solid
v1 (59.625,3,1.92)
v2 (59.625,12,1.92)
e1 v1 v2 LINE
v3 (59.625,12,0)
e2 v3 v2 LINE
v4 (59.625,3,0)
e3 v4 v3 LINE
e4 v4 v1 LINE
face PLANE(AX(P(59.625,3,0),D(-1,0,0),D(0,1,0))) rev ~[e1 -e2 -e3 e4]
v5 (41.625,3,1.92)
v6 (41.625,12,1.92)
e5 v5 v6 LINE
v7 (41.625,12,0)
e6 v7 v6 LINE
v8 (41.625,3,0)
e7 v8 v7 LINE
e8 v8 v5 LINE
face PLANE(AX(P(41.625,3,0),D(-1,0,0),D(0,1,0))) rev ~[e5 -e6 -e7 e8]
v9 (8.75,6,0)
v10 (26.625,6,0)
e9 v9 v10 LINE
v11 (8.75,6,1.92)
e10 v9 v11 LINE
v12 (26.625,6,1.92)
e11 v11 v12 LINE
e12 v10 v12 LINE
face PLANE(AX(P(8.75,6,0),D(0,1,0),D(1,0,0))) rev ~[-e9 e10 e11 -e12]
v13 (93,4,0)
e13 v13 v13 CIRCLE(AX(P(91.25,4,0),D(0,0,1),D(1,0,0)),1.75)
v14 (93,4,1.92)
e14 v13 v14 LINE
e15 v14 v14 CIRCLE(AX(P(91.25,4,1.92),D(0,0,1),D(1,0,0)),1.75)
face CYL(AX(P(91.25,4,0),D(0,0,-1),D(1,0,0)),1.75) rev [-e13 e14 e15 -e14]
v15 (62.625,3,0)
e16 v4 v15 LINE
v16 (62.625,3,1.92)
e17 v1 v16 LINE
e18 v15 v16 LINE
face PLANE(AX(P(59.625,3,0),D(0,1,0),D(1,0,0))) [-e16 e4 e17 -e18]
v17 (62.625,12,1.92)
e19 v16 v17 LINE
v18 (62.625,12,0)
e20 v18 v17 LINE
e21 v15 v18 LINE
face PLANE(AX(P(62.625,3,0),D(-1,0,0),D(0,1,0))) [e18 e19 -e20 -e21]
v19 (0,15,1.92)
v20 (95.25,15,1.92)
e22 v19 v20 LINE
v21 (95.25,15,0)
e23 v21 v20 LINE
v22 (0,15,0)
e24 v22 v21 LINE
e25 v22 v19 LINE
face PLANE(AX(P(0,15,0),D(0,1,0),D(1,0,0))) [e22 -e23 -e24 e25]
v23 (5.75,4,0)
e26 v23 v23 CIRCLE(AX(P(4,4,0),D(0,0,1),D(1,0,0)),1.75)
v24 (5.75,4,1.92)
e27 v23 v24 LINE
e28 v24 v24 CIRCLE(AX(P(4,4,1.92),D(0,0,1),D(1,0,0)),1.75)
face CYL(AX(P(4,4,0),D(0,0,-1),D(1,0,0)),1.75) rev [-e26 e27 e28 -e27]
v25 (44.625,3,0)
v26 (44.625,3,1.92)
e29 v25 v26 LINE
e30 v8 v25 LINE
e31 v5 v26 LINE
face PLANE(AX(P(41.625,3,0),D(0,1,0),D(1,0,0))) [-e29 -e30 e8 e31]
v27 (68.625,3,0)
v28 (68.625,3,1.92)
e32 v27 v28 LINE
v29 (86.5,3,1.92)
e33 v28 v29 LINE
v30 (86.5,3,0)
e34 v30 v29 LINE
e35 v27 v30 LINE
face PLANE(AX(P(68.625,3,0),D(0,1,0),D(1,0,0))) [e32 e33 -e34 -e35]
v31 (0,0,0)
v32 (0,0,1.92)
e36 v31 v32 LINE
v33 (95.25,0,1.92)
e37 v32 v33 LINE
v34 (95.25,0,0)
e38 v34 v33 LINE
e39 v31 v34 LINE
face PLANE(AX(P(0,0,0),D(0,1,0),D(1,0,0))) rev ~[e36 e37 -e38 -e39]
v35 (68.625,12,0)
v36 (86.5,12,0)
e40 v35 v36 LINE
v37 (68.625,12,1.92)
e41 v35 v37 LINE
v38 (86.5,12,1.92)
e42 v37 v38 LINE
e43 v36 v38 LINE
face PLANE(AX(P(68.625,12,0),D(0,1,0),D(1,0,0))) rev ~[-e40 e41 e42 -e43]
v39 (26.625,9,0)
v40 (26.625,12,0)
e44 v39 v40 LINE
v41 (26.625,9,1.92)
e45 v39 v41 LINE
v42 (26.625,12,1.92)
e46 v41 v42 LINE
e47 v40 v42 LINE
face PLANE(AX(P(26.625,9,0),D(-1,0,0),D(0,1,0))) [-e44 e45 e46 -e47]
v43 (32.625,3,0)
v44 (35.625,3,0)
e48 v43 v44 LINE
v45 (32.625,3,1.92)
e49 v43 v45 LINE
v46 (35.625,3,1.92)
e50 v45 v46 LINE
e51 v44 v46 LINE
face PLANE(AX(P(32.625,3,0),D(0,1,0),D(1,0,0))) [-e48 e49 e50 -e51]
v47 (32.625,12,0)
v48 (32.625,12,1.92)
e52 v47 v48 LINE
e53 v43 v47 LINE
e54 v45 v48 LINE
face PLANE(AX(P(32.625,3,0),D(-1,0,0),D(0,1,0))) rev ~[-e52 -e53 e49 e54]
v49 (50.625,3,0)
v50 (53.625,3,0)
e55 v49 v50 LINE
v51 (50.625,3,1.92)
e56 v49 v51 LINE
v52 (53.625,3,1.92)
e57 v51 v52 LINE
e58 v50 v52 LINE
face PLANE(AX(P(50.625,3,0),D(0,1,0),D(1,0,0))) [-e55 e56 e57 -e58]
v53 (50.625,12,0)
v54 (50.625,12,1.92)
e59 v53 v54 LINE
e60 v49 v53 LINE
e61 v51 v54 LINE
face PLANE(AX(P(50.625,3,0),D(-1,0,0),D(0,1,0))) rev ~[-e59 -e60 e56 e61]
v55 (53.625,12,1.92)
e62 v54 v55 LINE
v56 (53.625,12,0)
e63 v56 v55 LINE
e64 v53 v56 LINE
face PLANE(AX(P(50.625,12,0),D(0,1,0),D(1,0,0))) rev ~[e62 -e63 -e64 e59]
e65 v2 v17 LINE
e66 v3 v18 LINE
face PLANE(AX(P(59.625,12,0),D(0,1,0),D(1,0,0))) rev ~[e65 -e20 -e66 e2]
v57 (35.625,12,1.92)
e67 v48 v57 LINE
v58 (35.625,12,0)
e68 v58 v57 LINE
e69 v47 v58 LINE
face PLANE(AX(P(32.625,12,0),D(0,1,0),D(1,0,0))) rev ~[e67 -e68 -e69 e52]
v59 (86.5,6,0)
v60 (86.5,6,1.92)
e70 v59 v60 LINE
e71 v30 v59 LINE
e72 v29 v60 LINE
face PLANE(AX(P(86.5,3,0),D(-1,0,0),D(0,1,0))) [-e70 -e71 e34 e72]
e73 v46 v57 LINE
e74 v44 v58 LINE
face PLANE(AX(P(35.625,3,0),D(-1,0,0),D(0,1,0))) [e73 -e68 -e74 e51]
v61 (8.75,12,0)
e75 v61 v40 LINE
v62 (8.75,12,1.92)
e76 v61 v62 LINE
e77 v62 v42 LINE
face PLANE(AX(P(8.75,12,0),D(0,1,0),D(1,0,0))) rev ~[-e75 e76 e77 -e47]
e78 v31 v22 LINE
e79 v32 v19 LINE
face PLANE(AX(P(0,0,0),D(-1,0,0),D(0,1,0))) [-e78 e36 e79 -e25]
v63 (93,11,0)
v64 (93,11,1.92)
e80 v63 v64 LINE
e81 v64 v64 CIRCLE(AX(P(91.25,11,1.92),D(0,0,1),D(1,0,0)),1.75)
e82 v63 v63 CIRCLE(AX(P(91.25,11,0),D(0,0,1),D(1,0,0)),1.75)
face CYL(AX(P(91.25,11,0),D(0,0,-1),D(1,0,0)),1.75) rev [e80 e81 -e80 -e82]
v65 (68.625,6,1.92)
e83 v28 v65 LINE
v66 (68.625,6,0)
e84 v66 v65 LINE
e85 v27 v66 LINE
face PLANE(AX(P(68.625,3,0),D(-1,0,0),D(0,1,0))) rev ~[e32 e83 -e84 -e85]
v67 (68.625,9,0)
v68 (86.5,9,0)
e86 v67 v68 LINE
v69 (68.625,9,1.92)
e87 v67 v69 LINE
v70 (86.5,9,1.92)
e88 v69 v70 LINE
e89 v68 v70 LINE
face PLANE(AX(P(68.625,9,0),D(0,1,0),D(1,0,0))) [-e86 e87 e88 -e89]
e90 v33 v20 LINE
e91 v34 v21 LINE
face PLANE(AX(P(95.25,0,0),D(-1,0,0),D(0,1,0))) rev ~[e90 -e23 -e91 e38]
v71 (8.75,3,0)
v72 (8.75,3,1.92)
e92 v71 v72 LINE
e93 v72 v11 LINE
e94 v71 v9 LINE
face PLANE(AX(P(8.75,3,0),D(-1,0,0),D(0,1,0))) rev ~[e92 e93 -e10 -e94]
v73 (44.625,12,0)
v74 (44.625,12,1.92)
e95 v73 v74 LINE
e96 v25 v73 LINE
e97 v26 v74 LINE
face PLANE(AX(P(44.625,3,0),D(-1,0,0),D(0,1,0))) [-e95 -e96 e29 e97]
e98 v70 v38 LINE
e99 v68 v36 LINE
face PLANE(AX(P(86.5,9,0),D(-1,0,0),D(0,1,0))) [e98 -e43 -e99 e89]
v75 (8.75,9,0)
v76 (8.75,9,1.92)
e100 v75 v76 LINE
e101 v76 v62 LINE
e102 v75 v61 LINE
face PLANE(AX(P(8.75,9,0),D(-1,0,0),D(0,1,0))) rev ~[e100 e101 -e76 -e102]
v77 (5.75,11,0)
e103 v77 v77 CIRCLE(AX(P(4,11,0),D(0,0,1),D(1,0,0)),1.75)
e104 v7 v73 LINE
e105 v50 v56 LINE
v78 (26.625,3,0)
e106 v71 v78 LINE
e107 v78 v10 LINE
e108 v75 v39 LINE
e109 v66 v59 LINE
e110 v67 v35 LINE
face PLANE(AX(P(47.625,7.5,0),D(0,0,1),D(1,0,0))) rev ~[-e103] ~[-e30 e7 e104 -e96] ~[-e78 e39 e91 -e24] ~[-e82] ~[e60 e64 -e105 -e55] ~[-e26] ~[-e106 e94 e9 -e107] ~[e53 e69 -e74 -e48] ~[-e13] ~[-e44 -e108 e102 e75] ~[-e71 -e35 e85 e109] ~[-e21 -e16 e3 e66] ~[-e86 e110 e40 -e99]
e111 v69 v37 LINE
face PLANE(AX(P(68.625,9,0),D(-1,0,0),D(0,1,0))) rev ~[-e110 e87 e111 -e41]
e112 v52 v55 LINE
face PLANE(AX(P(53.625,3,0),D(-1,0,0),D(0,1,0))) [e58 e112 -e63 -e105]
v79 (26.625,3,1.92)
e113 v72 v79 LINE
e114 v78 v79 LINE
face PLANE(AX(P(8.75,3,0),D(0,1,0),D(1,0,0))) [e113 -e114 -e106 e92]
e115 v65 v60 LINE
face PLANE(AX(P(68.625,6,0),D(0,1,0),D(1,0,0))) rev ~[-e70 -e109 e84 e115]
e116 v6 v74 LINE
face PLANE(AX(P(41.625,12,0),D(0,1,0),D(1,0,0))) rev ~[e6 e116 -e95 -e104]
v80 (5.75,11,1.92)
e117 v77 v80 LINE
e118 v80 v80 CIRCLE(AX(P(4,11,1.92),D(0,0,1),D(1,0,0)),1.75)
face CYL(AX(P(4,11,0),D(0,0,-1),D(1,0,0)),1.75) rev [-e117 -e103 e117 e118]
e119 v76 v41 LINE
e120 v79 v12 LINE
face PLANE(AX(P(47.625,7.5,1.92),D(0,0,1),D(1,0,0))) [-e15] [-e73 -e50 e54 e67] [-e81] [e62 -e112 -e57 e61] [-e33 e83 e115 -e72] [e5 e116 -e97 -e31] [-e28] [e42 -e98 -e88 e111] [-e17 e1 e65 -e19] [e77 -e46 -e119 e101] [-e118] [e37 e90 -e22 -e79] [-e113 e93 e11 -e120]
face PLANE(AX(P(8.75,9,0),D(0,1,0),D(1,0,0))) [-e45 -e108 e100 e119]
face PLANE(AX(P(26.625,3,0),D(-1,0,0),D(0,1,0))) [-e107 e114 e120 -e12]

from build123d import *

# Parameters (mm, degrees)
F0_W     = 95.25
F0_H     = 15
F0_R     = 1.75
F0_W_2   = 17.875
F0_H_2   = 3
F0_W_3   = 3
F0_H_3   = 9
F1_DEPTH = 1.92


with BuildPart() as f1:
    # F0 (on Top) → F1 (new body)
    with BuildSketch(Plane.XY):
        with Locations((47.625, 7.5)):
            Rectangle(F0_W, F0_H)
        with Locations((4, 4)):
            Circle(F0_R, mode=Mode.SUBTRACT)
        with Locations((17.6875, 4.5)):
            Rectangle(F0_W_2, F0_H_2, mode=Mode.SUBTRACT)
        with Locations((77.5625, 4.5)):
            Rectangle(F0_W_2, F0_H_2, mode=Mode.SUBTRACT)
        with Locations((91.25, 4)):
            Circle(F0_R, mode=Mode.SUBTRACT)
        with Locations((4, 11)):
            Circle(F0_R, mode=Mode.SUBTRACT)
        with Locations((17.6875, 10.5)):
            Rectangle(F0_W_2, F0_H_2, mode=Mode.SUBTRACT)
        with Locations((34.125, 7.5)):
            Rectangle(F0_W_3, F0_H_3, mode=Mode.SUBTRACT)
        with Locations((43.125, 7.5)):
            Rectangle(F0_W_3, F0_H_3, mode=Mode.SUBTRACT)
        with Locations((52.125, 7.5)):
            Rectangle(F0_W_3, F0_H_3, mode=Mode.SUBTRACT)
        with Locations((61.125, 7.5)):
            Rectangle(F0_W_3, F0_H_3, mode=Mode.SUBTRACT)
        with Locations((77.5625, 10.5)):
            Rectangle(F0_W_2, F0_H_2, mode=Mode.SUBTRACT)
        with Locations((91.25, 11)):
            Circle(F0_R, mode=Mode.SUBTRACT)
    extrude(amount=F1_DEPTH)


solid = f1.part
